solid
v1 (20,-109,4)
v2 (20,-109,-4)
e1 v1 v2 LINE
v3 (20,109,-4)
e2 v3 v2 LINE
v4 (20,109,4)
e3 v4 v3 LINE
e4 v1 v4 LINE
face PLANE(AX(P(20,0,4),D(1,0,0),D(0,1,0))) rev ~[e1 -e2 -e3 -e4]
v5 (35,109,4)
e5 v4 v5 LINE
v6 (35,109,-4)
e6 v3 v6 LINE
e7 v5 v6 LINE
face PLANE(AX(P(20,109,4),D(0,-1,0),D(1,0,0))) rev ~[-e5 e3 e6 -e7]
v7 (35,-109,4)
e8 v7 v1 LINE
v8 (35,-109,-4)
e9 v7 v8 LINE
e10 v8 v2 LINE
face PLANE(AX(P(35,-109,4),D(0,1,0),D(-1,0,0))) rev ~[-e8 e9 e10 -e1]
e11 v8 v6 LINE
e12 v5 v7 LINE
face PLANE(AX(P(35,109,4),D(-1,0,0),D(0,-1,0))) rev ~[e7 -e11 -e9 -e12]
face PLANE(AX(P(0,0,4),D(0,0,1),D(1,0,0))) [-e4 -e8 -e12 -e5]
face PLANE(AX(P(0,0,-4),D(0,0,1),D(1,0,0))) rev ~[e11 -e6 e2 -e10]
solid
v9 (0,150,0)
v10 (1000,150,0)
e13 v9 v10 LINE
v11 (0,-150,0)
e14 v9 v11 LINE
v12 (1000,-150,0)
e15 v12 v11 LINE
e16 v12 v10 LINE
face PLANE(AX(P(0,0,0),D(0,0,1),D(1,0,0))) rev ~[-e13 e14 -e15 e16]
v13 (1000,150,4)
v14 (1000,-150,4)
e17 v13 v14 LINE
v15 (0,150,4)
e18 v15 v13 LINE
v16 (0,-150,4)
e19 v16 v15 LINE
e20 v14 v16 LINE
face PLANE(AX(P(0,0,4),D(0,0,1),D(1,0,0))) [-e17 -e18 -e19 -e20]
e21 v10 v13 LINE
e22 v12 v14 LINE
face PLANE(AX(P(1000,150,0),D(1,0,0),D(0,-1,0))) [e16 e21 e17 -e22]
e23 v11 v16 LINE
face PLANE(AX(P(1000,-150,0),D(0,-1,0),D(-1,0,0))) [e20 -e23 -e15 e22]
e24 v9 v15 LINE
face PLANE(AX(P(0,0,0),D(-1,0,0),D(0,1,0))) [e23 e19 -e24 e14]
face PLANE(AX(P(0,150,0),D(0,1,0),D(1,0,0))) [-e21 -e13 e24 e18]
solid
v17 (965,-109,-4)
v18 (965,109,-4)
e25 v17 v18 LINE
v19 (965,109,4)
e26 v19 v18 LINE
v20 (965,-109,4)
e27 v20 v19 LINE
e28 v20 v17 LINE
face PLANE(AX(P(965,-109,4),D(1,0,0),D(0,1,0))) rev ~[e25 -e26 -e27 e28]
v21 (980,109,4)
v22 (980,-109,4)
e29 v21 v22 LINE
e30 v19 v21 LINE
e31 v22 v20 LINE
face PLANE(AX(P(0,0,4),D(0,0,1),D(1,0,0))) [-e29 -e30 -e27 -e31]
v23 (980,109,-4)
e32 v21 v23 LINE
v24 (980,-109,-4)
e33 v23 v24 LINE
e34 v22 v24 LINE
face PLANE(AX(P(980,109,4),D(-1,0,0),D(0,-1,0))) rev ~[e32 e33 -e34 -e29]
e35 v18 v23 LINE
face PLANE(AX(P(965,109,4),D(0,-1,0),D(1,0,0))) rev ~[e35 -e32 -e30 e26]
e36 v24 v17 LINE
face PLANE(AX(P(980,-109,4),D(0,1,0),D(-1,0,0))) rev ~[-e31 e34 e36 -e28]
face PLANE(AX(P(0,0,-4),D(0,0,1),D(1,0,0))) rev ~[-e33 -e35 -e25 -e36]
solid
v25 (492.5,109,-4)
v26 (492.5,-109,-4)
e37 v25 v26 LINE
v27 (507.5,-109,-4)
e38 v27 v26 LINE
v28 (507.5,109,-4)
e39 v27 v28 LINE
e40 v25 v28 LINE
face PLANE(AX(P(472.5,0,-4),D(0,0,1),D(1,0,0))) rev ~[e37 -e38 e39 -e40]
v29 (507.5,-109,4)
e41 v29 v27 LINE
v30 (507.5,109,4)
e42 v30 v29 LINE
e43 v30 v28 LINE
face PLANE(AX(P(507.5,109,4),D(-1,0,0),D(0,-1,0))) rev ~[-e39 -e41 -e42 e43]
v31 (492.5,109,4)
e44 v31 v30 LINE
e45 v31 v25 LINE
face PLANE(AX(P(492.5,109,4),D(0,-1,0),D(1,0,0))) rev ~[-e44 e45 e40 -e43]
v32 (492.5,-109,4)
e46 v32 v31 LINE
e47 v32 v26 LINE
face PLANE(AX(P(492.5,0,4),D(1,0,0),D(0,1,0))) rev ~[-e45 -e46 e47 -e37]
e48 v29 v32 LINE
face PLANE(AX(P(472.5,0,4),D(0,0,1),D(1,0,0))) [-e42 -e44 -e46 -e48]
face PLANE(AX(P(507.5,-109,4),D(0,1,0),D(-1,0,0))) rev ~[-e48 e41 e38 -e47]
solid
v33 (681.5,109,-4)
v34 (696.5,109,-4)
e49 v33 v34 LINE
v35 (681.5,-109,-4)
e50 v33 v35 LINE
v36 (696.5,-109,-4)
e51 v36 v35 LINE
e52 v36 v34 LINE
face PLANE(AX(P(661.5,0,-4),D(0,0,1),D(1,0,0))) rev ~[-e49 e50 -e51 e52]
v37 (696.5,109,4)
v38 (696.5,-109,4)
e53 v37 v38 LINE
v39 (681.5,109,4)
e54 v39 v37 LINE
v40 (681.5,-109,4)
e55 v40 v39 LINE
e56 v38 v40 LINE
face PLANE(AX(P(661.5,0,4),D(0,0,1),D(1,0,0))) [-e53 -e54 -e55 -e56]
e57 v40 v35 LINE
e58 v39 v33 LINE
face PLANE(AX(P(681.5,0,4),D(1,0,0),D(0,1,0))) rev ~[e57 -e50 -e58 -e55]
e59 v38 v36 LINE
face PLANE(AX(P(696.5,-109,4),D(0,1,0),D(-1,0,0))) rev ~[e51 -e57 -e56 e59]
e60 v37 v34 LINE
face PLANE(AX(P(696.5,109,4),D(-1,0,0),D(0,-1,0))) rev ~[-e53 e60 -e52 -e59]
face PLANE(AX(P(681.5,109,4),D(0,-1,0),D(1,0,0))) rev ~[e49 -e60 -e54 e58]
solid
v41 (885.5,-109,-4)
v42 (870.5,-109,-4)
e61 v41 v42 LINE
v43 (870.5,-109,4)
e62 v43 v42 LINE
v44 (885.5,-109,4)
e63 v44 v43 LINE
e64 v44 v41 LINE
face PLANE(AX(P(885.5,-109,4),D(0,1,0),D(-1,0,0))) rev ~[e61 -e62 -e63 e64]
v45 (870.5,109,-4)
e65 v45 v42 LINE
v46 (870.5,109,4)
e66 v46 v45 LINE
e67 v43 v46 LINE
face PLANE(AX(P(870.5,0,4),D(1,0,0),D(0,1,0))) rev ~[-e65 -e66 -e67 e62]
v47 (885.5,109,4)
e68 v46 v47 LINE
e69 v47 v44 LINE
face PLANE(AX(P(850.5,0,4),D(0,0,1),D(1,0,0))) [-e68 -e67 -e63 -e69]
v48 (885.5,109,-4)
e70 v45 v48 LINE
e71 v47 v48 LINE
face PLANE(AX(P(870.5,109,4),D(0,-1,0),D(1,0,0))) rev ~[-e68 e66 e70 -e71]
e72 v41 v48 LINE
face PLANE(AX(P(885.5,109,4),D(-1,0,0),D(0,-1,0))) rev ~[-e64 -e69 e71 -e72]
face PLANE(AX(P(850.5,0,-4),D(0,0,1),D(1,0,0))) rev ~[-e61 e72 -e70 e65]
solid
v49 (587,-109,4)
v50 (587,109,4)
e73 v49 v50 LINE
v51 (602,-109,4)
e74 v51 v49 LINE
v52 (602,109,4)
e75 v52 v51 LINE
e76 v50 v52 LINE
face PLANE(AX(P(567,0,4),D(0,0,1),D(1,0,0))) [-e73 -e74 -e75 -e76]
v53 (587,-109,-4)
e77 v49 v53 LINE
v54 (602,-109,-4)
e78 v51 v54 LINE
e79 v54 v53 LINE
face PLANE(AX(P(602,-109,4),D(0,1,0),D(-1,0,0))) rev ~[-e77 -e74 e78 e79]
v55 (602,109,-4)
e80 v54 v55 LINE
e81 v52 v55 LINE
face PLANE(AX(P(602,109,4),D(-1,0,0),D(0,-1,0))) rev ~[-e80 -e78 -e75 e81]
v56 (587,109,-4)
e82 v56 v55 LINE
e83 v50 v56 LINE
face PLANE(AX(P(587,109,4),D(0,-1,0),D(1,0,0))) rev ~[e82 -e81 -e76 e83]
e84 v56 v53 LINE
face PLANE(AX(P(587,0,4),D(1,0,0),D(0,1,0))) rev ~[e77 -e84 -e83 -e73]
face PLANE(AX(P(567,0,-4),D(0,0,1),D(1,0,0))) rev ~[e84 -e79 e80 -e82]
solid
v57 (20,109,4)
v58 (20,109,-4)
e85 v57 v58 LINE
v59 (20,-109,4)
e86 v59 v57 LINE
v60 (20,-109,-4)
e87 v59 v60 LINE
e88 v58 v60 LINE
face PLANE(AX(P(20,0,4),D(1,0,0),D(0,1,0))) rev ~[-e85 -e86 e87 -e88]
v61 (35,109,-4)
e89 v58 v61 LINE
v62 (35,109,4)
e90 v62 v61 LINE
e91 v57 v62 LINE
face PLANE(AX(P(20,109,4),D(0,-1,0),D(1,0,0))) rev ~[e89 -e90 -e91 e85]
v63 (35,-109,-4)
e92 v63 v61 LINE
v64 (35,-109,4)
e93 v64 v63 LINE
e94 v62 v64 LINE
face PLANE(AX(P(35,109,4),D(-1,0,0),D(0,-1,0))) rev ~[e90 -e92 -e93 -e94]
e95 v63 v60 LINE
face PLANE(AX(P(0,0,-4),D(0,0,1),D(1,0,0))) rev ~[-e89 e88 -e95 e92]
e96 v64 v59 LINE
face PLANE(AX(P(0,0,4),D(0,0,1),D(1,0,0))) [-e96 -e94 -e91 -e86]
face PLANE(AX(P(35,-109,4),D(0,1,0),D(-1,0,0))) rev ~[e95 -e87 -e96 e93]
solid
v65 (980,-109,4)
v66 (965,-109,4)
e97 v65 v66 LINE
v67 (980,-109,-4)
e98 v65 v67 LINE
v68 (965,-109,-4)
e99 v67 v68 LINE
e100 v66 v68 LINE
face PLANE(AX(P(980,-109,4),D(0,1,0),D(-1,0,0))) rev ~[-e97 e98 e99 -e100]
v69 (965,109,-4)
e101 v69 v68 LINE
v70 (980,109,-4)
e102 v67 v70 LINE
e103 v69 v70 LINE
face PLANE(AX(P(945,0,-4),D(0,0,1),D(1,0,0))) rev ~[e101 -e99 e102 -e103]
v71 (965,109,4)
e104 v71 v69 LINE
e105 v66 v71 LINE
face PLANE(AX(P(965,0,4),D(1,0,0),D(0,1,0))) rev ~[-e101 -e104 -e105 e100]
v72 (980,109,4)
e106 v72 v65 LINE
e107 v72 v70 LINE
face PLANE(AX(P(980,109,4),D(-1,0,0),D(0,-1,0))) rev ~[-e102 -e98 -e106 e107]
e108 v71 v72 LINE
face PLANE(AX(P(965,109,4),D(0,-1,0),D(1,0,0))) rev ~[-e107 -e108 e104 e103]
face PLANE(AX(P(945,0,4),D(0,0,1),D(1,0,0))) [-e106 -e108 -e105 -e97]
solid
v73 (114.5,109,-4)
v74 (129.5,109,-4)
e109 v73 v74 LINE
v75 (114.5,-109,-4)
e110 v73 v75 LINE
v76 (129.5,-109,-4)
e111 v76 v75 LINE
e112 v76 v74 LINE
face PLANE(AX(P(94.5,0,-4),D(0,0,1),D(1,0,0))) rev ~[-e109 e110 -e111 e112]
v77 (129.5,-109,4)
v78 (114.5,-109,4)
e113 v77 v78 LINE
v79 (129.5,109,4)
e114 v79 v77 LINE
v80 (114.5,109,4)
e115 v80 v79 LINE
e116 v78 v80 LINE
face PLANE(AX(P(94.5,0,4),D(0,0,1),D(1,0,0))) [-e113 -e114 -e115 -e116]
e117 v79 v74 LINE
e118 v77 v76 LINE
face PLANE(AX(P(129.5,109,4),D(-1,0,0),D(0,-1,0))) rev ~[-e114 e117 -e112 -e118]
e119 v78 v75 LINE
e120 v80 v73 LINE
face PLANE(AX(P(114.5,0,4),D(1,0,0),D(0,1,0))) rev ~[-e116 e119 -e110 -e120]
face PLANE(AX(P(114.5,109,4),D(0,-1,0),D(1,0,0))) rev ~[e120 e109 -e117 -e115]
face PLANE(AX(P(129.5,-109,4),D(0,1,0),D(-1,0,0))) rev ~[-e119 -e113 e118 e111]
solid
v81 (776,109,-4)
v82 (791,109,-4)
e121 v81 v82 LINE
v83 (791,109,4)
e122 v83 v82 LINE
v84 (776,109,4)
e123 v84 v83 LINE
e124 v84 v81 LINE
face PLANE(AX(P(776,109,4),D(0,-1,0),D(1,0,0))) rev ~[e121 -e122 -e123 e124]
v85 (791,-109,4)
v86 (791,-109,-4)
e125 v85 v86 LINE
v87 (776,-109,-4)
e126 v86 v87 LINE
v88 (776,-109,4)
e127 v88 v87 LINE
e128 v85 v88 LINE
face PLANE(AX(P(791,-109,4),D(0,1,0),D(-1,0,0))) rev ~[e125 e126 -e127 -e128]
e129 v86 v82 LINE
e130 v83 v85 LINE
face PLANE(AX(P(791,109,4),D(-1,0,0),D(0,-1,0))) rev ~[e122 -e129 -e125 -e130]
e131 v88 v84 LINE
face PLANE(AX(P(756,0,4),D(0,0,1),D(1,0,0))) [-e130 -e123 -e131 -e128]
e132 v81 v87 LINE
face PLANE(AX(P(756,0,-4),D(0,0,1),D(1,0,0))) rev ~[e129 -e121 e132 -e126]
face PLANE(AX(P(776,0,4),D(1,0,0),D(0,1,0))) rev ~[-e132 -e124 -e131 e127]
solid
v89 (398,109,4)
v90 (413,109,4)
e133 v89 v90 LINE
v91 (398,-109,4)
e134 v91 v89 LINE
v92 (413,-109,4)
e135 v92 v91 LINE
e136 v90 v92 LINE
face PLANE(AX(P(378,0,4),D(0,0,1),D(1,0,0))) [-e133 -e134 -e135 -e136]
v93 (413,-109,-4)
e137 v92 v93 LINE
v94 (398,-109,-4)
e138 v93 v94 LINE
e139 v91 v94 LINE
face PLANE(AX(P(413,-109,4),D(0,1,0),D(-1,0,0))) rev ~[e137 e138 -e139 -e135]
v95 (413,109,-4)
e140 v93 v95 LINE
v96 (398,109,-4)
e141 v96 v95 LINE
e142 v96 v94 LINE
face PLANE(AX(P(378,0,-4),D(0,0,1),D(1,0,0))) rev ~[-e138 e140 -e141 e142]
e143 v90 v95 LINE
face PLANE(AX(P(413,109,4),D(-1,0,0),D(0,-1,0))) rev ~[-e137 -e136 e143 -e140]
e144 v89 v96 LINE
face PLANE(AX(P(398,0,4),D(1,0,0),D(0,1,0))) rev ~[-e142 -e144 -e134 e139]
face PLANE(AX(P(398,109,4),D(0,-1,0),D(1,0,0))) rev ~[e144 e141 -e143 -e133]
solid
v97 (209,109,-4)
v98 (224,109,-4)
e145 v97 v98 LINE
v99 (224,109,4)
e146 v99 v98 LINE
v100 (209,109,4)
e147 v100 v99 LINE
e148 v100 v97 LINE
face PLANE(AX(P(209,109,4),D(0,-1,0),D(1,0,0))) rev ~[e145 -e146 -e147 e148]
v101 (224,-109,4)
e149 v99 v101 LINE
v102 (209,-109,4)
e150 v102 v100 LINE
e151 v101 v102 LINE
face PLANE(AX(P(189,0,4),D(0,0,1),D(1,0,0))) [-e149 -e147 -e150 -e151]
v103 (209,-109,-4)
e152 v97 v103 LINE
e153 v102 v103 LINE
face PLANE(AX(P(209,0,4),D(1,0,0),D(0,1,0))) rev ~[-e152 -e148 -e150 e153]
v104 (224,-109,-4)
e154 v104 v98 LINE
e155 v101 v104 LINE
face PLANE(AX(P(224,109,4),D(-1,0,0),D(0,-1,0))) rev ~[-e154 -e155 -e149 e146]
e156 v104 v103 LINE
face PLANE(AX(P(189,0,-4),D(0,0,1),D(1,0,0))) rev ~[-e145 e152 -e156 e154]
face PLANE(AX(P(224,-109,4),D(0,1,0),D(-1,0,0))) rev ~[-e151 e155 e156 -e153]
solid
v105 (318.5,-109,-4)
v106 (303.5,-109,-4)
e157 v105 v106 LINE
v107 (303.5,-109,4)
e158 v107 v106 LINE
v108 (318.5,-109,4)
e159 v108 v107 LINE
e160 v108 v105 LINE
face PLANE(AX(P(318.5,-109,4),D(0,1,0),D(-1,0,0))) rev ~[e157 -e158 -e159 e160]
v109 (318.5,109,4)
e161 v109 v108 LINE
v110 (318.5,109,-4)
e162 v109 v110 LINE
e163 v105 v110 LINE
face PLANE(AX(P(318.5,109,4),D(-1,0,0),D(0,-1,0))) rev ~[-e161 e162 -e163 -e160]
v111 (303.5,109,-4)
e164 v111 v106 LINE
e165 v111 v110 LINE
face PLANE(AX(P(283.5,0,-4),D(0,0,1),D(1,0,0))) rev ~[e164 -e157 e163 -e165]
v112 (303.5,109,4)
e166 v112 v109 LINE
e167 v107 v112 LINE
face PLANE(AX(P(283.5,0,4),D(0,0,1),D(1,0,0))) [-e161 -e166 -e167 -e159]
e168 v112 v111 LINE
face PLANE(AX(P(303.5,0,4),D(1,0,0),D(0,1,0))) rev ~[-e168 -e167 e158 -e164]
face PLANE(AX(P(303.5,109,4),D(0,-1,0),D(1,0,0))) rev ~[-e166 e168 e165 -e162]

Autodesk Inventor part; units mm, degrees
ref_plane "YZ Plane" through (0, 0, 0) normal (1, 0, 0) x (0, 1, 0)
ref_plane "XZ Plane" through (0, 0, 0) normal (0, 1, 0) x (-1, 0, 0)
sketch "ferrite_layer_outline_sketch" plane through (0, 0, 0) normal (0, 0, 1) x (1, 0, 0)
  line L0 (0, 150) -> (1000, 150)
  line L1 (1000, 150) -> (1000, -150)
  line L2 (1000, -150) -> (0, -150)
  line L3 (0, -150) -> (0, 150)
  line L4 (-200, 0) -> (1200, 0) projected
  line L5 (500, 150) -> (500, -150) construction
  line L6 (500, 366.8869) -> (500, -324.3455) construction
  point P0 (0, 0)
  point P1 (0, 0)
  point P2 (0, 0)
  point P3 (0, 0)
  point P4 (20, 0)
  dimension "d0" = 1000
  dimension "d1" = 300
extrude "Extrusion8" add sketch "ferrite_layer_outline_sketch" along normal blind 4
ref_plane "acrylic_sheet Plane" through (0, 0, 4) normal (0, 0, 1) x (1, 0, 0)
sketch "Sketch4" plane through (0, 0, 4) normal (0, 0, 1) x (1, 0, 0)
  line L0 (20, 109) -> (35, 109)
  line L1 (35, 109) -> (35, -109)
  line L2 (35, -109) -> (20, -109)
  line L3 (20, -109) -> (20, 109)
  line L4 (-12.6534, 0) -> (47.471, 0)
  line L5 (0, 150) -> (0, -150) projected
  line L6 (1000, 150) -> (0, 150) projected
  line L7 (0, -150) -> (1000, -150) projected
  line L8 (965, 109) -> (980, 109)
  line L9 (965, -109) -> (965, 109)
  line L10 (980, 109) -> (980, -109)
  line L11 (980, -109) -> (965, -109)
  point P0 (0, 0)
  point P1 (20, 0)
  point P2 (0, 0)
  point P3 (500, 150)
  point P4 (500, -150)
  point P5 (965, 0)
  dimension "d43" = 15
  dimension "d44" = 218
  dimension "d45" = 20
  dimension "d67" = 945
extrude "Extrusion9" add sketch "Sketch4" against normal blind 8 separate body contours L0 L1 L4 L3 | L4 L1 L2 L3
pattern_linear "Rectangular Pattern1" count 11 spacing 94.5 along (1, 0, 0) bodies 2
pattern_linear "Rectangular Pattern2 8fer" [suppressed]
pattern_linear "Rectangular Pattern3 10fer" [suppressed]
pattern_linear "pattern_test_#_of_ferrites" [suppressed]
extrude "Extrusion10" add sketch "Sketch4" against normal blind 8 separate body
sketch "Sketch5" plane through (0, 0, 4) normal (0, 0, 1) x (1, 0, 0)
  line L0 (6.3767, 126.2886) -> (53.5786, 126.2886)
  line L1 (53.5786, 126.2886) -> (53.5786, -126.2886)
  line L2 (53.5786, -126.2886) -> (6.3767, -126.2886)
  line L3 (6.3767, -126.2886) -> (6.3767, 126.2886)
  line L4 (-200, 0) -> (1200, 0) projected
  point P0 (0, 0)
  point P1 (6.3767, 0)
equation "\"d0\" = track_length"
equation "\"d1\" = track_width"
equation "\"d40\" = acrylic_sheet_8mm"
equation "\"d43\" = ferrite_width"
equation "\"d44\" = ferrite_length"
equation "\"d45\" = gap_distance"
equation "\"d50\" = parameter_5"
equation "\"d62\" = test_parameter_5"
equation "\"track_length\" = 1000"
equation "\"track_width\" = 300"
equation "\"gap_distance\" = 20"
equation "\"ferrite_length\" = 218"
equation "\"ferrite_width\" = 15"
equation "\"ferrite_height\" = 8"
equation "\"acrylic_sheet_8mm\" = 4"
equation "\"parameter_5\" = 94.5"
equation "\"test_parameter_5\" = 67.5"
properties part number "ferrite_layer_0R2"
